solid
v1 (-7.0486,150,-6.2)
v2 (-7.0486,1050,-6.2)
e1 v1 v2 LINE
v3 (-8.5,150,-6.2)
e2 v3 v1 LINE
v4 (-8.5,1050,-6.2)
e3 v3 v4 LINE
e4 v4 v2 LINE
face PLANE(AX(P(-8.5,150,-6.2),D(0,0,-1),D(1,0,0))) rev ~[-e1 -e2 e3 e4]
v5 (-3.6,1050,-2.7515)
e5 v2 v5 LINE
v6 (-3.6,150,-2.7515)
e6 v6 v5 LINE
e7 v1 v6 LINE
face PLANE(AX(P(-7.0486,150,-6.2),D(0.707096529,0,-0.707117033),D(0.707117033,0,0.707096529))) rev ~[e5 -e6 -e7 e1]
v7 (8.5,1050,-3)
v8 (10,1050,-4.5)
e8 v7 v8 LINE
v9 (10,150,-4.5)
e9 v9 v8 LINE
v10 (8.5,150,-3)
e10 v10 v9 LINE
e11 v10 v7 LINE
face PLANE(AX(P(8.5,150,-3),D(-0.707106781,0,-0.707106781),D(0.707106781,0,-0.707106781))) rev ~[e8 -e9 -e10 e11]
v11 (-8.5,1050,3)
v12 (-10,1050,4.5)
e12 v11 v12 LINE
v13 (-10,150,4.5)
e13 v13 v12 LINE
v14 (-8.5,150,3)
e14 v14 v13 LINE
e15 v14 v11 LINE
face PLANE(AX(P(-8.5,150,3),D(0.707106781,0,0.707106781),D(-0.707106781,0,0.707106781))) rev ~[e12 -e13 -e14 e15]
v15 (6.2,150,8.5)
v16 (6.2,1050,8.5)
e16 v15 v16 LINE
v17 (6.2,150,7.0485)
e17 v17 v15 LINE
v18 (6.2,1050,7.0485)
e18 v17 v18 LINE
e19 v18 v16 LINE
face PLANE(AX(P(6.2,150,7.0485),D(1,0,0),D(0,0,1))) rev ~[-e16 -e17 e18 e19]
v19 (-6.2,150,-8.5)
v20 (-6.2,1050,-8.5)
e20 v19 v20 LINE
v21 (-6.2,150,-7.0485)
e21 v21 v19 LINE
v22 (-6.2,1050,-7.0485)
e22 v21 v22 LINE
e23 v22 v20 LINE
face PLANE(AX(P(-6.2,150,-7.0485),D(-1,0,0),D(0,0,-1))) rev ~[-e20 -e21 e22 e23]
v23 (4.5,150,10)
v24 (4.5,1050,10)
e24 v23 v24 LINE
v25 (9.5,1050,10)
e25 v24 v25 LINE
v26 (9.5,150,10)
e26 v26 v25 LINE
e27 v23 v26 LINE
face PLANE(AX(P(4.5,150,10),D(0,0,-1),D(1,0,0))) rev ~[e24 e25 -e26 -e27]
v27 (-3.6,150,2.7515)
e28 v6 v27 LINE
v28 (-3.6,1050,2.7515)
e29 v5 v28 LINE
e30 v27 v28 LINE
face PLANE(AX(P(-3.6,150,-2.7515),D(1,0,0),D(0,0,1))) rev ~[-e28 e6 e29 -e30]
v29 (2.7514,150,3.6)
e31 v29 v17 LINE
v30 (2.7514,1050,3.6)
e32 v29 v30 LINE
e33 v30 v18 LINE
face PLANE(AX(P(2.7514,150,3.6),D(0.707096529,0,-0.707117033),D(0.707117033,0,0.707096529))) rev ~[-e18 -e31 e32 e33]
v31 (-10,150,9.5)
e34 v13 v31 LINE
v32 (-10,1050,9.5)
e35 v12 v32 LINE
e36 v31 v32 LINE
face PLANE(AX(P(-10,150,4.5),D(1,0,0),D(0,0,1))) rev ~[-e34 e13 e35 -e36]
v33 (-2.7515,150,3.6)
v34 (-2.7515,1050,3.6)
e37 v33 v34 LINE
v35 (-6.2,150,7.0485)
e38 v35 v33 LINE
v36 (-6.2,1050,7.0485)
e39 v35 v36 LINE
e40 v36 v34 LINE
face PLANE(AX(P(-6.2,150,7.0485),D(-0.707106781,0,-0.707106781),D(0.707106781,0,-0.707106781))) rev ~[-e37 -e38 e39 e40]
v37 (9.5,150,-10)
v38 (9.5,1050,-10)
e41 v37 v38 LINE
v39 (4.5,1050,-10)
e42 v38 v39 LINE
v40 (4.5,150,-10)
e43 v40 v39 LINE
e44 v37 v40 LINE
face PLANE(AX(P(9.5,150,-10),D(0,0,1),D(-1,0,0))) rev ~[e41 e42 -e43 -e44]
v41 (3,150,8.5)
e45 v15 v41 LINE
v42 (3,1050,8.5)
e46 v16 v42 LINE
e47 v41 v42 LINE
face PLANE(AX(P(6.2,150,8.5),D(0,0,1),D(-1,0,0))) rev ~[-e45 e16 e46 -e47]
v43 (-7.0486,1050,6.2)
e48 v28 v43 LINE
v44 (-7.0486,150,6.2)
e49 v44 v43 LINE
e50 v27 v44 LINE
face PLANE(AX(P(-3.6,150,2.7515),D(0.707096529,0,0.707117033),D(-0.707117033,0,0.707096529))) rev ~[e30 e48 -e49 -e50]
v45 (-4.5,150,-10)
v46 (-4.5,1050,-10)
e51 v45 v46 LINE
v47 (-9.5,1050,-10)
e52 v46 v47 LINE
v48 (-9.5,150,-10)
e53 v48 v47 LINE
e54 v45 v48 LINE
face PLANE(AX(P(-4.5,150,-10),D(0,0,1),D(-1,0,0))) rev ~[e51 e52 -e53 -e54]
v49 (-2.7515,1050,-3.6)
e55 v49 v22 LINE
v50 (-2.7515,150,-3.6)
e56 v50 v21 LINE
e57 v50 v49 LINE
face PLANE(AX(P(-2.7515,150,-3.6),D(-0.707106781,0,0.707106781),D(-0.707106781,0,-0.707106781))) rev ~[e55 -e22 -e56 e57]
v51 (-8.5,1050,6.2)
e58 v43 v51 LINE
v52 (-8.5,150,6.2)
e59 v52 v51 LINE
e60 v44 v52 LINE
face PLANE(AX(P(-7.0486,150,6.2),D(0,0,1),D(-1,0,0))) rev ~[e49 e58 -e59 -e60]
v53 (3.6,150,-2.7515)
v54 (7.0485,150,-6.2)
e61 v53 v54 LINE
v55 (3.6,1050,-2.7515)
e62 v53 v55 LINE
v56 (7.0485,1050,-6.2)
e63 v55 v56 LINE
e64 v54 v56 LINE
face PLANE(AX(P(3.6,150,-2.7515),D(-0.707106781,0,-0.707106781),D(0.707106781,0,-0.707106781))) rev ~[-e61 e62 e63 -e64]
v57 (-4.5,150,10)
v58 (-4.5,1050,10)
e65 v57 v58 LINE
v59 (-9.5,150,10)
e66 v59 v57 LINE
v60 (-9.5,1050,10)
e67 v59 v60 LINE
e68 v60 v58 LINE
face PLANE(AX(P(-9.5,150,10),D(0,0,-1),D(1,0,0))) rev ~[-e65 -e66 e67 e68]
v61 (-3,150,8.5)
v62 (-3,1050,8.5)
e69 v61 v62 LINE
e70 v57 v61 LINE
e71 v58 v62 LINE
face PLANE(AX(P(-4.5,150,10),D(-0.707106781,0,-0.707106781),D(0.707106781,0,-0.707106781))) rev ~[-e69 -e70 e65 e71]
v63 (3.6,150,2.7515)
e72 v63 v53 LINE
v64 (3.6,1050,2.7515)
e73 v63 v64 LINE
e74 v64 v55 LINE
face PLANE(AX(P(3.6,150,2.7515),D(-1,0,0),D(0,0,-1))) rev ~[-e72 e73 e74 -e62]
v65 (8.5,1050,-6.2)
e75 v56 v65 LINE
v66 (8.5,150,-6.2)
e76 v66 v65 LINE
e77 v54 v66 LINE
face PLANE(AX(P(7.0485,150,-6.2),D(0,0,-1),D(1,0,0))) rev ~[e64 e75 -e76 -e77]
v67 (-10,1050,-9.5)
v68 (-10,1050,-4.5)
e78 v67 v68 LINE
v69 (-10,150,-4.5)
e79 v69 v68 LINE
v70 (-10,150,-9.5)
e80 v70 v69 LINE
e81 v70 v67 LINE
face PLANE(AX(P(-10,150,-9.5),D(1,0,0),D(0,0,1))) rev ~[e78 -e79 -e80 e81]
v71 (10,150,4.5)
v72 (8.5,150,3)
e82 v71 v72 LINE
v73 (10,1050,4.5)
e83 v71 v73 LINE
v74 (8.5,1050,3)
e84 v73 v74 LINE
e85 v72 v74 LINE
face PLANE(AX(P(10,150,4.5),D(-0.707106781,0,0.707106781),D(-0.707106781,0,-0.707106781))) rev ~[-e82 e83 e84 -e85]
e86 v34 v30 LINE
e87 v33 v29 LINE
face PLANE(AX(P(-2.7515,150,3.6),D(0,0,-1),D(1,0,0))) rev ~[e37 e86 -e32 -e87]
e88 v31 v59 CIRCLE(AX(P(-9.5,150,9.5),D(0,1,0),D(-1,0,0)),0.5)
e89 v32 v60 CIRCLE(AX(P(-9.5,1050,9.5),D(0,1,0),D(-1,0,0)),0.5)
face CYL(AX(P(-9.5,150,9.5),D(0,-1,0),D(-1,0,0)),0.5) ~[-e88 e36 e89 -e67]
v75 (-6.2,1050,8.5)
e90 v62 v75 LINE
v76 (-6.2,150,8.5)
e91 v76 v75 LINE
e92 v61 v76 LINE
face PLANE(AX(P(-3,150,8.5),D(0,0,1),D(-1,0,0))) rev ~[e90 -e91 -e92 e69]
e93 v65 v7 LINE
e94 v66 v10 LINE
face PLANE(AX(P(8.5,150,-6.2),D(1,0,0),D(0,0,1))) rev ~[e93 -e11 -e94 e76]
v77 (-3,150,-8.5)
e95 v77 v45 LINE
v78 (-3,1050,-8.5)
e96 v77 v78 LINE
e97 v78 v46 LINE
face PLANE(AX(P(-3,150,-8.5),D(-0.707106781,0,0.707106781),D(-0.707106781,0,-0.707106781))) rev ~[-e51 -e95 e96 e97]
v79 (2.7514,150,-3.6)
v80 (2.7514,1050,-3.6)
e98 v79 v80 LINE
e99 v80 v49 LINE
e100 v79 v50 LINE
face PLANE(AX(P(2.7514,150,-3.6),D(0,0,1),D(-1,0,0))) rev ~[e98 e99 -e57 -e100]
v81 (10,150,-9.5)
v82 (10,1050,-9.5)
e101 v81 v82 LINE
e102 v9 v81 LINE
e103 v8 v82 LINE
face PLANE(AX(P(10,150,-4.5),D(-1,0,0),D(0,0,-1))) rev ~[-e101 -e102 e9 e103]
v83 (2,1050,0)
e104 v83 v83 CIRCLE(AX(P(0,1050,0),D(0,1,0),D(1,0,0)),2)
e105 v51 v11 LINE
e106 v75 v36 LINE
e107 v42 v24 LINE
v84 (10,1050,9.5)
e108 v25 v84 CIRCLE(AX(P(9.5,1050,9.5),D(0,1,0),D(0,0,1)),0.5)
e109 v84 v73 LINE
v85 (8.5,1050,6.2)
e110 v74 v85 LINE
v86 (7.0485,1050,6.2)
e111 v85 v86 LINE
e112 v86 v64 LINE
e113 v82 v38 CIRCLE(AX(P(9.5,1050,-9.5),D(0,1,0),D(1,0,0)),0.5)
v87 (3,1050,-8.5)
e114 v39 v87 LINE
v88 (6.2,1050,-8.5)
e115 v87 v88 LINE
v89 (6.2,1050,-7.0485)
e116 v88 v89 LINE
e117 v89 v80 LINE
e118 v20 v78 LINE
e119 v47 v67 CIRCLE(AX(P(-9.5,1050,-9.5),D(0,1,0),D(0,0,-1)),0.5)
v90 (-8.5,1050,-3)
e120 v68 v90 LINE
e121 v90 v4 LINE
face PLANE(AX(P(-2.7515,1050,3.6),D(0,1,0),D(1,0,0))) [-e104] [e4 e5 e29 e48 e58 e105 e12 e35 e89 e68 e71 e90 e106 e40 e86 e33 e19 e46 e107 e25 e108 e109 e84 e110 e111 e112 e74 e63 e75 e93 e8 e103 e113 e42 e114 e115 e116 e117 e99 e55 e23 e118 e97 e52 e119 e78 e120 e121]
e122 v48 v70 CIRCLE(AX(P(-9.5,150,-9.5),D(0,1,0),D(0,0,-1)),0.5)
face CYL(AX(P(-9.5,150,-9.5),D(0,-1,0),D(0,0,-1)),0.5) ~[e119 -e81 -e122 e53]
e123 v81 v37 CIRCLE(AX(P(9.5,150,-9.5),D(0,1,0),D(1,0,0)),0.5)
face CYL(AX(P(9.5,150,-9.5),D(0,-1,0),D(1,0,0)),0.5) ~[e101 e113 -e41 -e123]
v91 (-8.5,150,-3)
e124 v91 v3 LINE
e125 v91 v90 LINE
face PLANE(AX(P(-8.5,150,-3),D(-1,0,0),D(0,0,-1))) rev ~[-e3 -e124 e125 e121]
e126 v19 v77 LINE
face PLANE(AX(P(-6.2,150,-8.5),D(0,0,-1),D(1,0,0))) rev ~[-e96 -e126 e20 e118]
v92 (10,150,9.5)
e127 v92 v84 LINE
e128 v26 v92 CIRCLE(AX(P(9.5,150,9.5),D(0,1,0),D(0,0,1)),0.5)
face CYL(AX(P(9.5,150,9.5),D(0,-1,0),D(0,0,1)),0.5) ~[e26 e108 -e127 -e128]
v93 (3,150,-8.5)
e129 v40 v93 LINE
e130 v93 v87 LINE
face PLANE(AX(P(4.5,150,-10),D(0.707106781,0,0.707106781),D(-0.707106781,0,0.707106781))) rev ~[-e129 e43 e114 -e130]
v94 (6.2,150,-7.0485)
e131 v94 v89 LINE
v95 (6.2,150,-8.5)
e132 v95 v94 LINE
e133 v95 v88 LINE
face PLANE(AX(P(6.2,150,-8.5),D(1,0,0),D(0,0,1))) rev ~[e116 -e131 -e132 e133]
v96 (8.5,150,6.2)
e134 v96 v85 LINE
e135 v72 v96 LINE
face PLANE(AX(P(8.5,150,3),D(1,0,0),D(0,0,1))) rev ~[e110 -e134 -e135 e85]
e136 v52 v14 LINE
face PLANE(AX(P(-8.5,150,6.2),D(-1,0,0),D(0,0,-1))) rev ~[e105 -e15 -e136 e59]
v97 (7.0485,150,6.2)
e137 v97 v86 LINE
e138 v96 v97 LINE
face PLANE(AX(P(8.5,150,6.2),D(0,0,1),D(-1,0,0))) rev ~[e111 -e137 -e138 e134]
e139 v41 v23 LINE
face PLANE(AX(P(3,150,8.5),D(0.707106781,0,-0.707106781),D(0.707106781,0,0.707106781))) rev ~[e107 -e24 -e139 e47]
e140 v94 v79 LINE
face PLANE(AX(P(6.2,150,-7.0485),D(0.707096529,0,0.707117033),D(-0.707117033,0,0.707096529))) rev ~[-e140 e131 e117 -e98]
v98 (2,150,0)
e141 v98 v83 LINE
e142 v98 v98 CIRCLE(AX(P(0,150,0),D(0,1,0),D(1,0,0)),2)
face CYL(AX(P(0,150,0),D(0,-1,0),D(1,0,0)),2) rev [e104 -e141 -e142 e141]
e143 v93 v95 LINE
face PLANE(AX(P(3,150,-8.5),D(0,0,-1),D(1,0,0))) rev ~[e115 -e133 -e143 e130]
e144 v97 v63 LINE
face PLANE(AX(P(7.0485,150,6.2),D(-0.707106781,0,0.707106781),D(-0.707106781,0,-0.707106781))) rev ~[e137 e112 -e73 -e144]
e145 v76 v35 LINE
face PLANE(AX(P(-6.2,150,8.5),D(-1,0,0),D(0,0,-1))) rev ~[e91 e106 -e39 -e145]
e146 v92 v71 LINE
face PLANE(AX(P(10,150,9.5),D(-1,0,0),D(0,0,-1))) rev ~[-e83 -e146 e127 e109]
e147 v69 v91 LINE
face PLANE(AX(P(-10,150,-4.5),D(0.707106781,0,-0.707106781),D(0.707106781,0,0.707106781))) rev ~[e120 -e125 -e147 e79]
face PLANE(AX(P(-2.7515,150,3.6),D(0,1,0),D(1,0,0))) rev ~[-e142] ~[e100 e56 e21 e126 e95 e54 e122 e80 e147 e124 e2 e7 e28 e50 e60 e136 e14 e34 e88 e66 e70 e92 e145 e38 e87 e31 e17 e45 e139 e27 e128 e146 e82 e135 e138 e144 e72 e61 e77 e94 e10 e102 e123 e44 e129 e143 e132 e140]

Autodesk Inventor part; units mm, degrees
ref_plane "YZ Plane" through (0, 0, 0) normal (1, 0, 0) x (0, 1, 0)
ref_plane "XZ Plane" through (0, 0, 0) normal (0, 1, 0) x (-1, 0, 0)
ref_plane "Work Plane1" through (-2.7515, 150, 3.6) normal (0, 1, 0) x (1, 0, 0)
sketch "Sketch1" plane through (-2.7515, 150, 3.6) normal (0, 1, 0) x (1, 0, 0)
  arc A0 (-6.7485, 13.6) -> (-7.2485, 13.1) centre (-6.7485, 13.1) ccw projected
  line L0 (-7.2485, 13.1) -> (-7.2485, 8.1) projected
  line L1 (-7.2485, 8.1) -> (-5.7485, 6.6) projected
  line L2 (-5.7485, 6.6) -> (-5.7485, 9.8) projected
  line L3 (-5.7485, 9.8) -> (-4.2971, 9.8) projected
  line L4 (-4.2971, 9.8) -> (-0.8485, 6.3515) projected
  line L5 (-0.8485, 6.3515) -> (-0.8485, 0.8485) projected
  line L6 (-0.8485, 0.8485) -> (-4.2971, -2.6) projected
  line L7 (-4.2971, -2.6) -> (-5.7485, -2.6) projected
  line L8 (-5.7485, -2.6) -> (-5.7485, 0.6) projected
  line L9 (-5.7485, 0.6) -> (-7.2485, -0.9) projected
  line L10 (-7.2485, -0.9) -> (-7.2485, -5.9) projected
  arc A1 (-7.2485, -5.9) -> (-6.7485, -6.4) centre (-6.7485, -5.9) ccw projected
  line L11 (-6.7485, -6.4) -> (-1.7485, -6.4) projected
  line L12 (-1.7485, -6.4) -> (-0.2485, -4.9) projected
  line L13 (-0.2485, -4.9) -> (-3.4485, -4.9) projected
  line L14 (-3.4485, -4.9) -> (-3.4485, -3.4485) projected
  line L15 (-3.4485, -3.4485) -> (0, 0) projected
  line L16 (0, 0) -> (5.5029, 0) projected
  line L17 (5.5029, 0) -> (8.9515, -3.4485) projected
  line L18 (8.9515, -3.4485) -> (8.9515, -4.9) projected
  line L19 (8.9515, -4.9) -> (5.7515, -4.9) projected
  line L20 (5.7515, -4.9) -> (7.2515, -6.4) projected
  line L21 (7.2515, -6.4) -> (12.2515, -6.4) projected
  arc A2 (12.2515, -6.4) -> (12.7515, -5.9) centre (12.2515, -5.9) ccw projected
  line L22 (12.7515, -5.9) -> (12.7515, -0.9) projected
  line L23 (12.7515, -0.9) -> (11.2515, 0.6) projected
  line L24 (11.2515, 0.6) -> (11.2515, -2.6) projected
  line L25 (11.2515, -2.6) -> (9.8, -2.6) projected
  line L26 (9.8, -2.6) -> (6.3515, 0.8485) projected
  line L27 (6.3515, 0.8485) -> (6.3515, 6.3515) projected
  line L28 (6.3515, 6.3515) -> (9.8, 9.8) projected
  line L29 (9.8, 9.8) -> (11.2515, 9.8) projected
  line L30 (11.2515, 9.8) -> (11.2515, 6.6) projected
  line L31 (11.2515, 6.6) -> (12.7515, 8.1) projected
  line L32 (12.7515, 8.1) -> (12.7515, 13.1) projected
  arc A3 (12.7515, 13.1) -> (12.2515, 13.6) centre (12.2515, 13.1) ccw projected
  line L33 (12.2515, 13.6) -> (7.2515, 13.6) projected
  line L34 (7.2515, 13.6) -> (5.7515, 12.1) projected
  line L35 (5.7515, 12.1) -> (8.9515, 12.1) projected
  line L36 (8.9515, 12.1) -> (8.9515, 10.6485) projected
  line L37 (8.9515, 10.6485) -> (5.5029, 7.2) projected
  line L38 (5.5029, 7.2) -> (0, 7.2) projected
  line L39 (0, 7.2) -> (-3.4485, 10.6485) projected
  line L40 (-3.4485, 10.6485) -> (-3.4485, 12.1) projected
  line L41 (-3.4485, 12.1) -> (-0.2485, 12.1) projected
  line L42 (-0.2485, 12.1) -> (-1.7485, 13.6) projected
  line L43 (-1.7485, 13.6) -> (-6.7485, 13.6) projected
  circle A4 centre (2.7515, 3.6) radius 2 projected
extrude "Extrusion1" add sketch "Sketch1" along normal blind 900
ref_plane "Work Plane2" through (0, 150, 4.5) normal (1, 0, 0) x (0, 0, -1)
properties part number "20x20mmx150mm alminum profile" material "Aluminum 6061"
